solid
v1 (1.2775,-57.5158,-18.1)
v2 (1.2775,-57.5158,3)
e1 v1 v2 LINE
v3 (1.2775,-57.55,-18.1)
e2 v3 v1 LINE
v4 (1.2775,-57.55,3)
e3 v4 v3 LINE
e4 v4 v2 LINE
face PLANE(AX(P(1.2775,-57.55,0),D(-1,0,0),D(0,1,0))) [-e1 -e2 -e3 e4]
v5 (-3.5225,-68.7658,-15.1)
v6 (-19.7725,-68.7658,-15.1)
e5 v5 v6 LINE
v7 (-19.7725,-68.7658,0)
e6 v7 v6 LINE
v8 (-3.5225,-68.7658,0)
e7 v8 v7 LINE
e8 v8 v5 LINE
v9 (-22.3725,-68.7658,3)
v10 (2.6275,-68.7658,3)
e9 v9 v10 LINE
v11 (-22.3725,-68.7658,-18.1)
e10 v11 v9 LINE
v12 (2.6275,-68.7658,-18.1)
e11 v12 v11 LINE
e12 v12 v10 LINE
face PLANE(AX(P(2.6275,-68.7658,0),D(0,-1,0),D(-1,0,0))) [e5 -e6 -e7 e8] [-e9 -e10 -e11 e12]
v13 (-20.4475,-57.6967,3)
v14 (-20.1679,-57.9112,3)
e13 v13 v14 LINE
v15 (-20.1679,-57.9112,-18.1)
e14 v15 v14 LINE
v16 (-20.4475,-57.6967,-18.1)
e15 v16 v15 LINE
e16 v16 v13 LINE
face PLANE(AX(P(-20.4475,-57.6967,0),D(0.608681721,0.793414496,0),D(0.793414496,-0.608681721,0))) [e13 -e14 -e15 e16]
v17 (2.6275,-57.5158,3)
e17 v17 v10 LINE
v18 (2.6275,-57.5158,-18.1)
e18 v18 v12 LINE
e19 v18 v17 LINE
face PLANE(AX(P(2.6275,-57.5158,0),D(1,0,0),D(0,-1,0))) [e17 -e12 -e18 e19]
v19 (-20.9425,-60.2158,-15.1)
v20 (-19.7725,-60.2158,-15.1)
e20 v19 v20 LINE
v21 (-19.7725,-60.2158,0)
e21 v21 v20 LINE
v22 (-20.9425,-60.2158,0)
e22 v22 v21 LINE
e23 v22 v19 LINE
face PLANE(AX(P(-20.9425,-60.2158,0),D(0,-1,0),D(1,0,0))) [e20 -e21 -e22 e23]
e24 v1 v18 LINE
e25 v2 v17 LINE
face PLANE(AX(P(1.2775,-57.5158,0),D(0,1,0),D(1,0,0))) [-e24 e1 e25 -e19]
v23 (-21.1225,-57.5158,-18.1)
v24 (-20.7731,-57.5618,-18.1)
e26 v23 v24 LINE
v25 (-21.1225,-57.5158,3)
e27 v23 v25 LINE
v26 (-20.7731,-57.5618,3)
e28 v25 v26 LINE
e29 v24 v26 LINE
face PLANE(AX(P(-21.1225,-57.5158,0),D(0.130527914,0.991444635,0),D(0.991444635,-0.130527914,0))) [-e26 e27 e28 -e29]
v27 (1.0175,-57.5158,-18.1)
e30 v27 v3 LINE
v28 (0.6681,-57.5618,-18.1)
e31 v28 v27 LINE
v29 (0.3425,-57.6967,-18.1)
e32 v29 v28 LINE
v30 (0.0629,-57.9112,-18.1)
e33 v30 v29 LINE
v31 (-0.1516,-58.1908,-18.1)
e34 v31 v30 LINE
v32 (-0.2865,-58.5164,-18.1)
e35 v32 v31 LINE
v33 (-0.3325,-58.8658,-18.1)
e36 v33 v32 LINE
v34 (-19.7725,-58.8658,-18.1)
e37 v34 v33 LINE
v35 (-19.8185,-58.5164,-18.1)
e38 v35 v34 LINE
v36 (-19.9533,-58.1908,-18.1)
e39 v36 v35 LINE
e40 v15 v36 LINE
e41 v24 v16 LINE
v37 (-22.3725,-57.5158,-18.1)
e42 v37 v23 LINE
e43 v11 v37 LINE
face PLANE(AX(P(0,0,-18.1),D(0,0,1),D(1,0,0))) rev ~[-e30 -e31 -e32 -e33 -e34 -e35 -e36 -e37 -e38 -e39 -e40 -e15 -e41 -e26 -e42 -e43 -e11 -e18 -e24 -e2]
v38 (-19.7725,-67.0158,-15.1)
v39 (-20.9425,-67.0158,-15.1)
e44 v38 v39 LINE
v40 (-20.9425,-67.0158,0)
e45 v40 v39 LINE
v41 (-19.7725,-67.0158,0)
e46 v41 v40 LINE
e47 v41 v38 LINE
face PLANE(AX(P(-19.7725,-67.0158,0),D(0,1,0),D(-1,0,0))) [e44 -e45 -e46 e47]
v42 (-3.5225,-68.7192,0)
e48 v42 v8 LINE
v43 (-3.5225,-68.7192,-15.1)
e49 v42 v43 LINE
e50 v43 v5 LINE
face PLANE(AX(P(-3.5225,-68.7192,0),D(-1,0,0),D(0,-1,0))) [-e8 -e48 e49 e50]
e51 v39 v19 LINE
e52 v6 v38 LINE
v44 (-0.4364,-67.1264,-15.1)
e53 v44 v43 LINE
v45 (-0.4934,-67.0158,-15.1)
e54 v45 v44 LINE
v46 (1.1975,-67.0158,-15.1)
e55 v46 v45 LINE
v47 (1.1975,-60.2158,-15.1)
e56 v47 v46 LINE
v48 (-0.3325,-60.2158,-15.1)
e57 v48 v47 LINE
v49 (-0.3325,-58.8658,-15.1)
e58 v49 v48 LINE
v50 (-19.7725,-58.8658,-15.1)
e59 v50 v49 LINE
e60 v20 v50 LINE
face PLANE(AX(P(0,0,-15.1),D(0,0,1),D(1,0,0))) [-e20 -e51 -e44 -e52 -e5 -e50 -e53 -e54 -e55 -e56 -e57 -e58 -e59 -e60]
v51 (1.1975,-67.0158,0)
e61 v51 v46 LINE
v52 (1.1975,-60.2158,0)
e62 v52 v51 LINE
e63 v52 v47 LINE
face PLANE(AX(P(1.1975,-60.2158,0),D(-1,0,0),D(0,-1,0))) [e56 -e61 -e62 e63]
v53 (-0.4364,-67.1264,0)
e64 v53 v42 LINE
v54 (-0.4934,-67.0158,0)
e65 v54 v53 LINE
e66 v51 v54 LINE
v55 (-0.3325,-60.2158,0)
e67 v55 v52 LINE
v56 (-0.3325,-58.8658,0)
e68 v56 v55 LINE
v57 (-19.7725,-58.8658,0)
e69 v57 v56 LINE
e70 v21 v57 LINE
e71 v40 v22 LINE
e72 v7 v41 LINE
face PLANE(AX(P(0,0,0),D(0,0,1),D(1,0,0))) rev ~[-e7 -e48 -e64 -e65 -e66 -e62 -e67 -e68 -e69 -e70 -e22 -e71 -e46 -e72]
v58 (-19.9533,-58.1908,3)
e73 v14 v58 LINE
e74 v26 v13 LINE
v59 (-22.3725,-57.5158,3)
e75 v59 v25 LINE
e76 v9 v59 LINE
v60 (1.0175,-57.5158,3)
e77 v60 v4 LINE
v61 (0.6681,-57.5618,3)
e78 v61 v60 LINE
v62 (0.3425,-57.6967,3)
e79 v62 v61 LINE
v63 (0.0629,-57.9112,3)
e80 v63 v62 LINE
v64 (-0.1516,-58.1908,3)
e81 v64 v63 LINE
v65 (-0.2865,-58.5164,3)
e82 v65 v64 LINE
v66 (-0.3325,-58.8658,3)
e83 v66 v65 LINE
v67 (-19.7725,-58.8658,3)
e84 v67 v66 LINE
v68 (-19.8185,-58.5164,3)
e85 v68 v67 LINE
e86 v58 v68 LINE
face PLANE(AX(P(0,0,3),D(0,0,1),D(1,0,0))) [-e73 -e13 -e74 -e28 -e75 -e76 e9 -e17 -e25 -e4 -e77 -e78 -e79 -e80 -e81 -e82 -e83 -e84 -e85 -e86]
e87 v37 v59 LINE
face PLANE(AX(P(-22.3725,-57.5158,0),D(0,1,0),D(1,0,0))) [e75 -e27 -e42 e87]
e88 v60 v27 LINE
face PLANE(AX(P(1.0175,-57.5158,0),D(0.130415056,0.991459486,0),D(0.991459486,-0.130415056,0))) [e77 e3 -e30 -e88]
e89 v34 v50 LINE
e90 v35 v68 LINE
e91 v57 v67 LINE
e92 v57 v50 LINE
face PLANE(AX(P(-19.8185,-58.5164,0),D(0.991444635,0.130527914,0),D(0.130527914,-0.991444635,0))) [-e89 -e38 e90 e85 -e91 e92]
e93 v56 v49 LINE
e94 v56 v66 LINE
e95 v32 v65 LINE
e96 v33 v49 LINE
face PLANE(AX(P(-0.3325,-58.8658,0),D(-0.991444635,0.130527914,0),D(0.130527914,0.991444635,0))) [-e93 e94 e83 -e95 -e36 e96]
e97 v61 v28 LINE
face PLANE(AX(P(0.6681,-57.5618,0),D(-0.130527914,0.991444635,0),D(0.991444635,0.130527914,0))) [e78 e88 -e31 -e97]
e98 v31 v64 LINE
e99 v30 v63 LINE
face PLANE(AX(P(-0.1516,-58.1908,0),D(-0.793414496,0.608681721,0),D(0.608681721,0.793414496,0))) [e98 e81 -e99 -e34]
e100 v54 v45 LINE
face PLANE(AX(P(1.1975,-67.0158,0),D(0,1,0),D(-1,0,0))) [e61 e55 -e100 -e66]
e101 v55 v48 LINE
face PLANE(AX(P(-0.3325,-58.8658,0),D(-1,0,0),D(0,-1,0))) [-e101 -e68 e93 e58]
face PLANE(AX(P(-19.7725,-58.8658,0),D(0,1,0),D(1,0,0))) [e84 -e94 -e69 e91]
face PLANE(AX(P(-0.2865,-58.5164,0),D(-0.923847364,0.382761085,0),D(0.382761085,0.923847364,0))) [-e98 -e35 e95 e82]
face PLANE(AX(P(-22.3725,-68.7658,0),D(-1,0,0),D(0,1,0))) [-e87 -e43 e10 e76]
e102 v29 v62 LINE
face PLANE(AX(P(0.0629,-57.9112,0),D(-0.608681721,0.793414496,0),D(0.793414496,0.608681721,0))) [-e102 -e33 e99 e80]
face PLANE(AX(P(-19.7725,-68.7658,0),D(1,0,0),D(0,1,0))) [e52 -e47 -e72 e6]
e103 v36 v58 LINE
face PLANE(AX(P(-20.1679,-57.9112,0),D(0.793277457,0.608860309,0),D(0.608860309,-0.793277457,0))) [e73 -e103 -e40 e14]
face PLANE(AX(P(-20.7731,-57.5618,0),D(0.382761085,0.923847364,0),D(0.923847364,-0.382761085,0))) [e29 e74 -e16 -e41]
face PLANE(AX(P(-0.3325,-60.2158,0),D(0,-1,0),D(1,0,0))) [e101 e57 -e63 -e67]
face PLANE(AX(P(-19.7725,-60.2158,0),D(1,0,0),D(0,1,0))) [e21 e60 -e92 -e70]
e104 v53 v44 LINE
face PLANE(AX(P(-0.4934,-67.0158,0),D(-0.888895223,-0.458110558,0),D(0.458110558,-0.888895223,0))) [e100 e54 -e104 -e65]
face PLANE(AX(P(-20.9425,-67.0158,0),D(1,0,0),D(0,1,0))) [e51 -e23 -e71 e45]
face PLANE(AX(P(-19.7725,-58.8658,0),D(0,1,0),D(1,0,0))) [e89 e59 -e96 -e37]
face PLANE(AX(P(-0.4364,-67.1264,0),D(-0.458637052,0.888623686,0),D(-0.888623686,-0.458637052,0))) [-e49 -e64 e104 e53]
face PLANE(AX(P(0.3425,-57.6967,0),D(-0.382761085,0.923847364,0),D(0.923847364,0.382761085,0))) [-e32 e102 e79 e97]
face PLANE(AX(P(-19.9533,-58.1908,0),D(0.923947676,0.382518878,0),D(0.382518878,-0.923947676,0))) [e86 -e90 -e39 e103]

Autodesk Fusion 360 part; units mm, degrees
sketch "keystone-side" plane through (0, 0, 0) normal (0, 0, 1) x (1, 0, 0)
  line L0 (0.3425, -57.6967) -> (0.6681, -57.5618)
  line L1 (-19.7725, -68.7658) -> (-19.7725, -67.0158)
  line L2 (1.2775, -57.55) -> (1.2775, -57.5158)
  line L3 (-19.7725, -58.8658) -> (-0.3325, -58.8658)
  line L4 (-0.4364, -67.1264) -> (-3.5225, -68.7192)
  line L5 (2.6275, -57.5158) -> (2.6275, -68.7658)
  line L6 (1.0175, -57.5158) -> (1.2775, -57.55)
  line L7 (-3.5225, -68.7658) -> (-19.7725, -68.7658)
  line L8 (0.6681, -57.5618) -> (1.0175, -57.5158)
  line L9 (-20.9425, -67.0158) -> (-20.9425, -60.2158)
  line L10 (1.2775, -57.5158) -> (2.6275, -57.5158)
  line L11 (-19.9533, -58.1908) -> (-19.8185, -58.5164)
  line L12 (-19.7725, -58.8658) -> (-0.3325, -58.8658)
  line L13 (-20.9425, -60.2158) -> (-19.7725, -60.2158)
  line L14 (0.0629, -57.9112) -> (0.3425, -57.6967)
  line L15 (-0.3325, -58.8658) -> (-0.3325, -60.2158)
  line L16 (-0.1516, -58.1908) -> (0.0629, -57.9112)
  line L17 (-19.7725, -67.0158) -> (-20.9425, -67.0158)
  line L18 (2.6275, -68.7658) -> (-22.3725, -68.7658)
  line L19 (-20.7731, -57.5618) -> (-20.4475, -57.6967)
  line L20 (-0.3325, -60.2158) -> (1.1975, -60.2158)
  line L21 (-20.4475, -57.6967) -> (-20.1679, -57.9112)
  line L22 (-19.7725, -60.2158) -> (-19.7725, -58.8658)
  line L23 (1.1975, -67.0158) -> (-0.4934, -67.0158)
  line L24 (-22.3725, -57.5158) -> (-21.1225, -57.5158)
  line L25 (-22.3725, -68.7658) -> (-22.3725, -57.5158)
  line L26 (-21.1225, -57.5158) -> (-20.7731, -57.5618)
  line L27 (-0.4934, -67.0158) -> (-0.4364, -67.1264)
  line L28 (-20.1679, -57.9112) -> (-19.9533, -58.1908)
  line L29 (-19.8185, -58.5164) -> (-19.7725, -58.8658)
  line L30 (-0.2865, -58.5164) -> (-0.1516, -58.1908)
  line L31 (-3.5225, -68.7192) -> (-3.5225, -68.7658)
  line L32 (-0.3325, -58.8658) -> (-0.2865, -58.5164)
  line L33 (1.1975, -60.2158) -> (1.1975, -67.0158)
  line L34 (-19.7725, -60.2158) -> (-0.3325, -60.2158)
extrude "Extrude1" add sketch "keystone-side" along normal blind 3
extrude "Extrude2" add sketch "keystone-side" against normal blind 18.1
extrude "Extrude3" cut sketch "keystone-side" against normal blind 15.1 contours L3 L12 L15 L22 L34 | L1 L4 L7 L9 L13 L17 L18 L20 L23 L27 L31 L33 L34
